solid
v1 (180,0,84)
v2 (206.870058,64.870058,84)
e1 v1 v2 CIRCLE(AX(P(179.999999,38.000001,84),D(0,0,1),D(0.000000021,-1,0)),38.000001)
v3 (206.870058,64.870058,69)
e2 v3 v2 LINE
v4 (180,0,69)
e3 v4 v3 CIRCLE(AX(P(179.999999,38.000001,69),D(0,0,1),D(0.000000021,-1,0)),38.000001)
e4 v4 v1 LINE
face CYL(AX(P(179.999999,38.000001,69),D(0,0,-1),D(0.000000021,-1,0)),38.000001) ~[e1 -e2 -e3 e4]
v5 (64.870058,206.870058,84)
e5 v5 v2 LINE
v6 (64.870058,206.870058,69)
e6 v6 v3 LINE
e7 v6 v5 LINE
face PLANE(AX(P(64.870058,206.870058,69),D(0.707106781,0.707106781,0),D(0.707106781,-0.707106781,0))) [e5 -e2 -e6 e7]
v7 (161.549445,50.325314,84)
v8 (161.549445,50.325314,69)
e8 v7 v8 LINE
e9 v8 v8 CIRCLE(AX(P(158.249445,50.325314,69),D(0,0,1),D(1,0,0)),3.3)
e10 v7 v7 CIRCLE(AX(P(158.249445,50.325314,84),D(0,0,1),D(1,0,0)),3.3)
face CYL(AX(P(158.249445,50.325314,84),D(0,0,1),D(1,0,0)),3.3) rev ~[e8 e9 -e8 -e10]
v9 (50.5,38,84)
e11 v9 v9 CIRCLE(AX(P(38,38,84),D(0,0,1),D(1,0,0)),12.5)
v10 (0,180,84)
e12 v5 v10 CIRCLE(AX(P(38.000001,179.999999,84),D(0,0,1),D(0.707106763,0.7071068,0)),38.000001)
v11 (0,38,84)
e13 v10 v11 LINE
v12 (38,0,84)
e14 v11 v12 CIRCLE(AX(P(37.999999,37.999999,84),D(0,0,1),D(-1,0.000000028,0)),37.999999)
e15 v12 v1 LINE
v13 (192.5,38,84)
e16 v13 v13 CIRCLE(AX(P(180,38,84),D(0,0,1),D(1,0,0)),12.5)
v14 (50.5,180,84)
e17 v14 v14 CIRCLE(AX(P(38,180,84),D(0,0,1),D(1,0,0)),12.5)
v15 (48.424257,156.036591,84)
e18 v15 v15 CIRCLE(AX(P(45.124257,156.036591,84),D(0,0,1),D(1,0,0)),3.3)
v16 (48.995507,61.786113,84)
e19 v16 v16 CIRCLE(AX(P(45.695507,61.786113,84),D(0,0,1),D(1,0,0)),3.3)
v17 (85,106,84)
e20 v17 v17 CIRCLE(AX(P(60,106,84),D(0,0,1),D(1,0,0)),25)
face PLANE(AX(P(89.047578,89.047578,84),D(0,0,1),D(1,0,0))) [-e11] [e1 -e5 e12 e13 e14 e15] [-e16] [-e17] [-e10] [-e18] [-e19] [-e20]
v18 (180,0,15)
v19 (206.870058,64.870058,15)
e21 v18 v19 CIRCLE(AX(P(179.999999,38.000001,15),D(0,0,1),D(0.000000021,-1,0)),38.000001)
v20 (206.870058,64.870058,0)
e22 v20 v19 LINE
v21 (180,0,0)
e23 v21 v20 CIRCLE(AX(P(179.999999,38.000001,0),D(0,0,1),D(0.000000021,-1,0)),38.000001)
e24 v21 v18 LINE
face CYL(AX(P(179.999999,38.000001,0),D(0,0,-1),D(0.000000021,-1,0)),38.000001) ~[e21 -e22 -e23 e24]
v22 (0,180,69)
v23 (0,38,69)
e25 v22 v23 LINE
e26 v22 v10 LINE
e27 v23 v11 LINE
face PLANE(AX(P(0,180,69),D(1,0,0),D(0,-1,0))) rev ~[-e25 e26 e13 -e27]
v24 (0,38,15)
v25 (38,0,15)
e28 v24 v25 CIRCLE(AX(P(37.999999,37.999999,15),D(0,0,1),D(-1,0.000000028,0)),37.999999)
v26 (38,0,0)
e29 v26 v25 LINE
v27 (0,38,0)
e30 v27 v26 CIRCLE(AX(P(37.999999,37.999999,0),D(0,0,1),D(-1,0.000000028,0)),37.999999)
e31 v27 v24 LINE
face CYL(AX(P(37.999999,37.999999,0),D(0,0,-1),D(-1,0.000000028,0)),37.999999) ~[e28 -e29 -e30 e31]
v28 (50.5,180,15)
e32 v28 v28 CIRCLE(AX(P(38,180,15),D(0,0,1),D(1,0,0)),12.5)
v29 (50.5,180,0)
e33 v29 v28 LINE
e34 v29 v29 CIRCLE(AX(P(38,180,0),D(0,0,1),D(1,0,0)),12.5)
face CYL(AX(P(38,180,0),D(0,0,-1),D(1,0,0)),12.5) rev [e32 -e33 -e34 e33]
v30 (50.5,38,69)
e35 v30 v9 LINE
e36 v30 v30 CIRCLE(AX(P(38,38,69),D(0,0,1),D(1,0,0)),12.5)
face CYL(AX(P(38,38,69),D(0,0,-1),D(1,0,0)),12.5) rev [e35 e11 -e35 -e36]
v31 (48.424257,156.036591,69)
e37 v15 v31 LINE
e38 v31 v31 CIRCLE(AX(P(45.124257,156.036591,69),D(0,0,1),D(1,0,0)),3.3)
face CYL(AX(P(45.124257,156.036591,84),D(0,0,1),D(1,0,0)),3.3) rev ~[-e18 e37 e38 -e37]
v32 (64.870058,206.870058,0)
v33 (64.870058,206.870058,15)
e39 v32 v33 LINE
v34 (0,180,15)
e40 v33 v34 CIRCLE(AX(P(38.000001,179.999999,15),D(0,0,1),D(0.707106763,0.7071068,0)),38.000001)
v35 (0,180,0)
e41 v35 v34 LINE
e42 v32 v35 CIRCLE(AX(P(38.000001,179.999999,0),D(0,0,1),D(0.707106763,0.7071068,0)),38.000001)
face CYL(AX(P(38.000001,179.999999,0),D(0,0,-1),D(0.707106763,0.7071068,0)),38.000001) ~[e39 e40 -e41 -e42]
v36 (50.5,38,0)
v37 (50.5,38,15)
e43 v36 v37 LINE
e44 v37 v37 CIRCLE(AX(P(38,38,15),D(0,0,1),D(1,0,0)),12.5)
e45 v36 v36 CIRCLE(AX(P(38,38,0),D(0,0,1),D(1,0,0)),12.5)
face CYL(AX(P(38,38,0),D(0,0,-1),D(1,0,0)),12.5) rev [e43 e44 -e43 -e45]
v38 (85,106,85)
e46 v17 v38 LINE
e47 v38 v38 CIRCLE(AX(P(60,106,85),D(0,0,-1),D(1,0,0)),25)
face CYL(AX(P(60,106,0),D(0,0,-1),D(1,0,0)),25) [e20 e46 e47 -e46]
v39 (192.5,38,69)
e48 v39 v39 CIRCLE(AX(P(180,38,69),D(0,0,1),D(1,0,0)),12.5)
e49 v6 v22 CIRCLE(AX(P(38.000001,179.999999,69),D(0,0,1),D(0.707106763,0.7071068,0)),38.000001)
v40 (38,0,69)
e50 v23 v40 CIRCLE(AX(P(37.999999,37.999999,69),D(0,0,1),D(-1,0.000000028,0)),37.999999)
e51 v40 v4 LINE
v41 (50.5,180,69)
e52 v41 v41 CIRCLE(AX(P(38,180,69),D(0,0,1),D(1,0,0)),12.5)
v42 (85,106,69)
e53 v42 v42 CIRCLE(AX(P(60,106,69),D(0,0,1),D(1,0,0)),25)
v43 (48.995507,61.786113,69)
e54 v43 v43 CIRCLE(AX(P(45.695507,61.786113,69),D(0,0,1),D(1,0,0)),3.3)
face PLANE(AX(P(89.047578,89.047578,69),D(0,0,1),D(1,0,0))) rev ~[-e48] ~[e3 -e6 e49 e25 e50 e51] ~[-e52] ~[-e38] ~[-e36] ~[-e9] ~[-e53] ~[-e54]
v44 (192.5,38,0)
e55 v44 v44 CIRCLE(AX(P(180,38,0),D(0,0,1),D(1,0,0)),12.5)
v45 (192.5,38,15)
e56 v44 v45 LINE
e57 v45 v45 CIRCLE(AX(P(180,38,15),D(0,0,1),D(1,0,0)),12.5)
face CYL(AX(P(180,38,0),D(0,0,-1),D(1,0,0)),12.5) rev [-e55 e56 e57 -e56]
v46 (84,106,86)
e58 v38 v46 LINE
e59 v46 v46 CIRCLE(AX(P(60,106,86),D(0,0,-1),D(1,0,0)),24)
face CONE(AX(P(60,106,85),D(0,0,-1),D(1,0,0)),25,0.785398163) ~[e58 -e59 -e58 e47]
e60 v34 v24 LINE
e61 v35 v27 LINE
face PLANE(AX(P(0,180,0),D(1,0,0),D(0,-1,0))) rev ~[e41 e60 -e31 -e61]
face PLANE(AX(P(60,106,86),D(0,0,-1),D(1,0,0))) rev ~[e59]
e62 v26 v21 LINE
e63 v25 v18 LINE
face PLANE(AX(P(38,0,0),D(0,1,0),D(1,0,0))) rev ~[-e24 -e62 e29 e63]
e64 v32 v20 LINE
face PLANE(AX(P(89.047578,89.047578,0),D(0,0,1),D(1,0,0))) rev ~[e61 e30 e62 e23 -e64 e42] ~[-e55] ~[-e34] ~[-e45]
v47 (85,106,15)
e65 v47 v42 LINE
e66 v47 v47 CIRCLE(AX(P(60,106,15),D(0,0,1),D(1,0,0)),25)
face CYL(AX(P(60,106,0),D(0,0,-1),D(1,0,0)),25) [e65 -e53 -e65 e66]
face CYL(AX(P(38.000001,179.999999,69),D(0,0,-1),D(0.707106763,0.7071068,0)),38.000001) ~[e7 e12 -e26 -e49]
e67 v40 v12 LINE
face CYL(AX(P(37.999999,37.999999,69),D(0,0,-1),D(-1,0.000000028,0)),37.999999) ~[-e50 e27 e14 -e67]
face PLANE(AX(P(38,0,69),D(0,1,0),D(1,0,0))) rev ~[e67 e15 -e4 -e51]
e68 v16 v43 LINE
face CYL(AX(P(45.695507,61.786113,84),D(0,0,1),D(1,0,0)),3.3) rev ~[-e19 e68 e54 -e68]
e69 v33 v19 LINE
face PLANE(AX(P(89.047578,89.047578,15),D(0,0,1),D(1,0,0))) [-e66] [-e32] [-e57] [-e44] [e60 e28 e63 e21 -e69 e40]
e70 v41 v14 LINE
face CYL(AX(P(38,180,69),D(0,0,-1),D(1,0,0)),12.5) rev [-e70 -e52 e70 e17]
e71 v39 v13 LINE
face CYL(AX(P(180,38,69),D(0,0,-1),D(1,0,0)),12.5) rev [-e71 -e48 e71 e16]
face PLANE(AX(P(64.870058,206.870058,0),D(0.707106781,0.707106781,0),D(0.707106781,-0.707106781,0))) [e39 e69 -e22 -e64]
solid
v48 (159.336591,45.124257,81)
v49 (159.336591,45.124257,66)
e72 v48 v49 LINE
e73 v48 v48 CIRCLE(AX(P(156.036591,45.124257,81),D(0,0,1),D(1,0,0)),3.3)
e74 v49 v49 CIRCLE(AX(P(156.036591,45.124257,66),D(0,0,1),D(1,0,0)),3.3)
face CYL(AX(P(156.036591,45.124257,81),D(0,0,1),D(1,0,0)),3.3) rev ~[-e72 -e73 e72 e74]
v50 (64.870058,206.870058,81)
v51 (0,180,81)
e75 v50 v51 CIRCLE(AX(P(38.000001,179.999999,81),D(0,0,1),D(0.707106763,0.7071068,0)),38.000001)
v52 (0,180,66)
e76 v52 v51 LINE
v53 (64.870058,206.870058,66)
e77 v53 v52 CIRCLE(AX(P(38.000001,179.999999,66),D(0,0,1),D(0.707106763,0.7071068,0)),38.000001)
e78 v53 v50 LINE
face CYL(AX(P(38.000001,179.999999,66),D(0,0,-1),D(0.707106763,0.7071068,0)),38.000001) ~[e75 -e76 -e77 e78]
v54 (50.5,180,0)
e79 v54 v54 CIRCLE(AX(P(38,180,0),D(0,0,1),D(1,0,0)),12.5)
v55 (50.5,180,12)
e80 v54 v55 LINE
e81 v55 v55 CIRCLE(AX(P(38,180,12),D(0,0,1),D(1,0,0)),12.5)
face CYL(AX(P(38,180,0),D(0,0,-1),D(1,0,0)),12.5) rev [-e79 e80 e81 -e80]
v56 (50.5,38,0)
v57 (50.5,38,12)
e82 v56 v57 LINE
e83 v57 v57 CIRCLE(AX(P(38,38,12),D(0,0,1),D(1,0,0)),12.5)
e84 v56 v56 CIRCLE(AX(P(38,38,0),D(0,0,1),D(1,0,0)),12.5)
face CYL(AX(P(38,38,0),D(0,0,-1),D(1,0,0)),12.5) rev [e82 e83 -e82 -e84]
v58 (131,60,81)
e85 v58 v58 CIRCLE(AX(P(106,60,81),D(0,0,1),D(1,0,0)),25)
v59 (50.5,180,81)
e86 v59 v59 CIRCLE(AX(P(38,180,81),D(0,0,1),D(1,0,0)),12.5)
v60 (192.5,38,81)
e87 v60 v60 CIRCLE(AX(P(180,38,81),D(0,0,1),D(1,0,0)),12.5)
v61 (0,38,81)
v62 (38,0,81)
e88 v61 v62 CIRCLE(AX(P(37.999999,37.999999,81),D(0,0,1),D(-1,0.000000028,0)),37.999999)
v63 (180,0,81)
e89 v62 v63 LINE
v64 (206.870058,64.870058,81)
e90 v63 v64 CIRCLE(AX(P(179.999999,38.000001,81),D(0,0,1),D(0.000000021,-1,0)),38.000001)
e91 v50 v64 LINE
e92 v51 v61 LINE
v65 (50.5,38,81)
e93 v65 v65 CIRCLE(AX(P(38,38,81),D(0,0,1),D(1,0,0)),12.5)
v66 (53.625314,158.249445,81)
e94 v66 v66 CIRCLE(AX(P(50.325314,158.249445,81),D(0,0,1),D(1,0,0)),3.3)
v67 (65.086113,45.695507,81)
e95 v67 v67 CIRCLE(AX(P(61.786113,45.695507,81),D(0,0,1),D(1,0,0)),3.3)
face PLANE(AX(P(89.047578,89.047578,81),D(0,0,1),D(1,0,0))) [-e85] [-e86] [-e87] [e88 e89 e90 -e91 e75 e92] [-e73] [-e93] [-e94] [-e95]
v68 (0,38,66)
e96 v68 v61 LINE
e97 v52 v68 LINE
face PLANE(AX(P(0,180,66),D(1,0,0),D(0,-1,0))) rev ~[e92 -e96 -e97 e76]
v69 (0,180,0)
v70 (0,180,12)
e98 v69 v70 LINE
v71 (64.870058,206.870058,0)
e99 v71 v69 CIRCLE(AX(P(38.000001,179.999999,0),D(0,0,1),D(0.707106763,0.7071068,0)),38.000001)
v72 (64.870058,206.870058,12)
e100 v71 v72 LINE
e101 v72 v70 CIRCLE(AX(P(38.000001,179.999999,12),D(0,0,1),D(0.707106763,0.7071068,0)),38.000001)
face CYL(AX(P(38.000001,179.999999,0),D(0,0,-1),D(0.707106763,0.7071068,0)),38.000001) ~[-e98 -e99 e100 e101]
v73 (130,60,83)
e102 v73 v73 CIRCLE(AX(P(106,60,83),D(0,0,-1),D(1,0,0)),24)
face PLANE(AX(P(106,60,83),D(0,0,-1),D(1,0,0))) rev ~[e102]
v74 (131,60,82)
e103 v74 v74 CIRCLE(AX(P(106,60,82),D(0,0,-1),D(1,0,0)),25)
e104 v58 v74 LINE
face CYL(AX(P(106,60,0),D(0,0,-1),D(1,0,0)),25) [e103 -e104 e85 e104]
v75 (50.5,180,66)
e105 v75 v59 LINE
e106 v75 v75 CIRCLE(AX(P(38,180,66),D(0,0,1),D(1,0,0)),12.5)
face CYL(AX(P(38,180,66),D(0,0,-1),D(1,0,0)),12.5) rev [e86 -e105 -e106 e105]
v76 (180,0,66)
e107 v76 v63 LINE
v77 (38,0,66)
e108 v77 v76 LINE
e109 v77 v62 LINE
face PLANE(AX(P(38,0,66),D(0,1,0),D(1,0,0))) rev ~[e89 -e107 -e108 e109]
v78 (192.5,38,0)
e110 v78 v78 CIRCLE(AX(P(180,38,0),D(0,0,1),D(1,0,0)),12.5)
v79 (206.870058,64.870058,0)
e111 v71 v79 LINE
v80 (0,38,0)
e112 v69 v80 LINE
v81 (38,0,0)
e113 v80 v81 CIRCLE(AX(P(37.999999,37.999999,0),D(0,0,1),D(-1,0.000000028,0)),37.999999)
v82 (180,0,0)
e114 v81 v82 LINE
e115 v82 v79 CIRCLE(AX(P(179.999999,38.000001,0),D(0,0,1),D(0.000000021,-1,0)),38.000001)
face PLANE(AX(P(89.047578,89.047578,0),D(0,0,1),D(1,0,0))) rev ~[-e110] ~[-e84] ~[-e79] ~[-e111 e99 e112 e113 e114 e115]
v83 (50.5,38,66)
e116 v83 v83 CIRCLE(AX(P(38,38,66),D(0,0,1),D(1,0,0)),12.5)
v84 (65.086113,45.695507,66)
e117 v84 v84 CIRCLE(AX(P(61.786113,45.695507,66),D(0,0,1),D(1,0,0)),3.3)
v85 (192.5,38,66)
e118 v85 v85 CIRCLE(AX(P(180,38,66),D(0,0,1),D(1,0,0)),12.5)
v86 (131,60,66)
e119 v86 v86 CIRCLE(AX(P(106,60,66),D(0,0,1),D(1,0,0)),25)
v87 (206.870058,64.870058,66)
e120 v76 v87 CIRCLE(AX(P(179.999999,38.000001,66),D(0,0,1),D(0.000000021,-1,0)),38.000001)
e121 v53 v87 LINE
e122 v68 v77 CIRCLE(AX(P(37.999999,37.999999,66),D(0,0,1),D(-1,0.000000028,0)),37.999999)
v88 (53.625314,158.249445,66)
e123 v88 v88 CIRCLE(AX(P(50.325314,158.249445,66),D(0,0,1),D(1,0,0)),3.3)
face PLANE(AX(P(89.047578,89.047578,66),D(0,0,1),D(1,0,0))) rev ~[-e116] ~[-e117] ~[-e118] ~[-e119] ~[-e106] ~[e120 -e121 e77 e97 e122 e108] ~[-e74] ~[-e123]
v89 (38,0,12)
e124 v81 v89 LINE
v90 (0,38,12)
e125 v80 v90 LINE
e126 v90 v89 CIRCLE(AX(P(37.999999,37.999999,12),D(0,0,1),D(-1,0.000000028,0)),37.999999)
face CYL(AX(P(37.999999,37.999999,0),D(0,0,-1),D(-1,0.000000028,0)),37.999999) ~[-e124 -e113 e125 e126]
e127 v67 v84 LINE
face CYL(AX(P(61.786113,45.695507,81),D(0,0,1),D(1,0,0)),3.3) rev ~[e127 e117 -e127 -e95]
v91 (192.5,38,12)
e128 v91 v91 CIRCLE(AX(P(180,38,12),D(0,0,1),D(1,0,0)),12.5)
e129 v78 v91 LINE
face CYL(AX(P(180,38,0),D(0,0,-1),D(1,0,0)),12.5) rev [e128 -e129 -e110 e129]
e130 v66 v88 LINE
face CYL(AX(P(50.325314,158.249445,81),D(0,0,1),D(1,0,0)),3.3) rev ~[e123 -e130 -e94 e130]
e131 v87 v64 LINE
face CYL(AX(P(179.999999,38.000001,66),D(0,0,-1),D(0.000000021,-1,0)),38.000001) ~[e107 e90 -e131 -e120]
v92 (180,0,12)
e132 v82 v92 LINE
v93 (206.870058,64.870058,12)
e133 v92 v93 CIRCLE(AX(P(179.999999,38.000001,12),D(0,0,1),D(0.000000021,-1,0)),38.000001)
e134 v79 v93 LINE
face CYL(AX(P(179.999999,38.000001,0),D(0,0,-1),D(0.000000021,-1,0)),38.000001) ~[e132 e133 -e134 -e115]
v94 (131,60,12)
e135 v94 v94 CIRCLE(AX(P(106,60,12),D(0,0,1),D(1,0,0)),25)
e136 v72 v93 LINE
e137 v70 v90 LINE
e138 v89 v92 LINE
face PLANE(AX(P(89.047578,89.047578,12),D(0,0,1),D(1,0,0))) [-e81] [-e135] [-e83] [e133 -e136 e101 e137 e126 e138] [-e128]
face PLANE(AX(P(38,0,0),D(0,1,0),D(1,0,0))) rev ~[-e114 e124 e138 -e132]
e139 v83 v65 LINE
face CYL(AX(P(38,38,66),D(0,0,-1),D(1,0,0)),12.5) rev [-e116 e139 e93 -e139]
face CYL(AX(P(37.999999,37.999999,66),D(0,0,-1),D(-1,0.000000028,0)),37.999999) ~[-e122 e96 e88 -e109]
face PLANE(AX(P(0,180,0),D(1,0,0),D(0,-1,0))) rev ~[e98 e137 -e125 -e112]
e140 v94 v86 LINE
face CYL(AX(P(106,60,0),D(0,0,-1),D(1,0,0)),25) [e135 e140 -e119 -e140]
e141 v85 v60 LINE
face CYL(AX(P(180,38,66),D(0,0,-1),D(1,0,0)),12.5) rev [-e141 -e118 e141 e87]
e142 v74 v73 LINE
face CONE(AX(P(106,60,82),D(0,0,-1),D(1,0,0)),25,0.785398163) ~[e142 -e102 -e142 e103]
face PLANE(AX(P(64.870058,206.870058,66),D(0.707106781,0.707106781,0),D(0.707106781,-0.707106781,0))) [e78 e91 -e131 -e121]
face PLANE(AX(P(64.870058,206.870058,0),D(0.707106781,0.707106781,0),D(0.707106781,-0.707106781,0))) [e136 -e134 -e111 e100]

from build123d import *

# Parameters (mm, degrees)
SKETCH006_R     = 12.5
SKETCH006_R_2   = 25
PAD001_DEPTH    = 12
SKETCH_R        = 25
PAD_DEPTH       = 83
SKETCH007_R     = 12.5
SKETCH007_R_2   = 25
PAD002_DEPTH    = 15
SKETCH008_R     = 3.3
HOLE_DEPTH      = 15
HOLE_TIPS_R     = 3.3
CHAMFER_SIZE    = 1
SKETCH010_R     = 12.5
SKETCH010_R_2   = 25
PAD004_DEPTH    = 15
SKETCH009_R     = 25
PAD003_DEPTH    = 86
SKETCH011_R     = 12.5
SKETCH011_R_2   = 25
PAD005_DEPTH    = 15
SKETCH012_R     = 3.3
HOLE001_DEPTH   = 15
HOLE001_TIPS_R  = 3.3
CHAMFER001_SIZE = 1


with BuildPart() as triangle_droit:
    # Sketch006 → Pad001 (new body)
    with BuildSketch(Plane.XY):
        with BuildLine():
            ThreePointArc((0, 38), (11.129942, 11.129942), (38, 0))
            Line((38, 0), (180, 0))
            ThreePointArc((180, 0), (215.107422, 23.45803), (206.870058, 64.870058))
            Line((64.870058, 206.870058), (206.870058, 64.870058))
            ThreePointArc((64.870058, 206.870058), (23.45803, 215.107422), (0, 180))
            Line((0, 180), (0, 38))
        make_face()
        with Locations((38, 180)):
            Circle(SKETCH006_R, mode=Mode.SUBTRACT)
        with Locations((180, 38)):
            Circle(SKETCH006_R, mode=Mode.SUBTRACT)
        with Locations((38, 38)):
            Circle(SKETCH006_R, mode=Mode.SUBTRACT)
        with Locations((106, 60)):
            Circle(SKETCH006_R_2, mode=Mode.SUBTRACT)
    extrude(amount=PAD001_DEPTH)

    # Sketch (on Face11 of Pad001) → Pad (join)
    with BuildSketch(Plane(origin=(0, 0, 0), x_dir=(1, 0, 0), z_dir=(0, 0, -1))):
        with Locations((106, -60)):
            Circle(SKETCH_R)
    extrude(amount=-PAD_DEPTH)

    # Sketch007 (on DatumPlane) → Pad002 (join)
    with BuildSketch(Plane.XY.offset(66)):
        with BuildLine():
            ThreePointArc((0, 38), (11.129942, 11.129942), (38, 0))
            Line((38, 0), (180, 0))
            ThreePointArc((180, 0), (215.107422, 23.45803), (206.870058, 64.870058))
            Line((64.870058, 206.870058), (206.870058, 64.870058))
            ThreePointArc((64.870058, 206.870058), (23.45803, 215.107422), (0, 180))
            Line((0, 180), (0, 38))
        make_face()
        with Locations((38, 180)):
            Circle(SKETCH007_R, mode=Mode.SUBTRACT)
        with Locations((180, 38)):
            Circle(SKETCH007_R, mode=Mode.SUBTRACT)
        with Locations((38, 38)):
            Circle(SKETCH007_R, mode=Mode.SUBTRACT)
        with Locations((106, 60)):
            Circle(SKETCH007_R_2, mode=Mode.SUBTRACT)
    extrude(amount=PAD002_DEPTH)

    # Sketch008 (on Face24 of Pad002) → Hole (cut)
    with BuildSketch(Plane.XY.offset(81)):
        with Locations((50.325314, 158.249445)):
            Circle(SKETCH008_R)
        with Locations((156.036591, 45.124257)):
            Circle(SKETCH008_R)
        with Locations((61.786113, 45.695507)):
            Circle(SKETCH008_R)
    extrude(amount=-HOLE_DEPTH, mode=Mode.SUBTRACT)

    # Hole tips → Hole tip 1 section 0
    with BuildSketch(Plane.XY.offset(66), mode=Mode.PRIVATE) as hole_tip_1_s0:
        with Locations((50.325314, 158.249445)):
            Circle(HOLE_TIPS_R)
    loft([hole_tip_1_s0.sketch, Vertex(50.325314, 158.249445, 64.01716)], mode=Mode.SUBTRACT)

    # Hole tips → Hole tip 2 section 0
    with BuildSketch(Plane.XY.offset(66), mode=Mode.PRIVATE) as hole_tip_2_s0:
        with Locations((156.036591, 45.124257)):
            Circle(HOLE_TIPS_R)
    loft([hole_tip_2_s0.sketch, Vertex(156.036591, 45.124257, 64.01716)], mode=Mode.SUBTRACT)

    # Hole tips → Hole tip 3 section 0
    with BuildSketch(Plane.XY.offset(66), mode=Mode.PRIVATE) as hole_tip_3_s0:
        with Locations((61.786113, 45.695507)):
            Circle(HOLE_TIPS_R)
    loft([hole_tip_3_s0.sketch, Vertex(61.786113, 45.695507, 64.01716)], mode=Mode.SUBTRACT)

    # Chamfer
    chamfer_edges = [triangle_droit.edges().sort_by_distance(p)[0] for p in [
        (81, 60, 83),
    ]]
    chamfer(chamfer_edges, length=CHAMFER_SIZE)


with BuildPart() as trianglegauche:
    # Sketch010 → Pad004 (new body)
    with BuildSketch(Plane.XY):
        with BuildLine():
            ThreePointArc((0, 38), (11.129942, 11.129942), (38, 0))
            Line((38, 0), (180, 0))
            ThreePointArc((180, 0), (215.107422, 23.45803), (206.870058, 64.870058))
            Line((64.870058, 206.870058), (206.870058, 64.870058))
            ThreePointArc((64.870058, 206.870058), (23.45803, 215.107422), (0, 180))
            Line((0, 180), (0, 38))
        make_face()
        with Locations((38, 180)):
            Circle(SKETCH010_R, mode=Mode.SUBTRACT)
        with Locations((180, 38)):
            Circle(SKETCH010_R, mode=Mode.SUBTRACT)
        with Locations((38, 38)):
            Circle(SKETCH010_R, mode=Mode.SUBTRACT)
        with Locations((60, 106)):
            Circle(SKETCH010_R_2, mode=Mode.SUBTRACT)
    extrude(amount=PAD004_DEPTH)

    # Sketch009 (on Face11 of Pad004) → Pad003 (join)
    with BuildSketch(Plane(origin=(0, 0, 0), x_dir=(1, 0, 0), z_dir=(0, 0, -1))):
        with Locations((60, -106)):
            Circle(SKETCH009_R)
    extrude(amount=-PAD003_DEPTH)

    # Sketch011 (on DatumPlane) → Pad005 (join)
    with BuildSketch(Plane.XY.offset(69)):
        with BuildLine():
            ThreePointArc((0, 38), (11.129942, 11.129942), (38, 0))
            Line((38, 0), (180, 0))
            ThreePointArc((180, 0), (215.107422, 23.45803), (206.870058, 64.870058))
            Line((64.870058, 206.870058), (206.870058, 64.870058))
            ThreePointArc((64.870058, 206.870058), (23.45803, 215.107422), (0, 180))
            Line((0, 180), (0, 38))
        make_face()
        with Locations((38, 180)):
            Circle(SKETCH011_R, mode=Mode.SUBTRACT)
        with Locations((180, 38)):
            Circle(SKETCH011_R, mode=Mode.SUBTRACT)
        with Locations((38, 38)):
            Circle(SKETCH011_R, mode=Mode.SUBTRACT)
        with Locations((60, 106)):
            Circle(SKETCH011_R_2, mode=Mode.SUBTRACT)
    extrude(amount=PAD005_DEPTH)

    # Sketch012 (on Face24 of Pad005) → Hole001 (cut)
    with BuildSketch(Plane.XY.offset(84)):
        with Locations((45.124257, 156.036591)):
            Circle(SKETCH012_R)
        with Locations((158.249445, 50.325314)):
            Circle(SKETCH012_R)
        with Locations((45.695507, 61.786113)):
            Circle(SKETCH012_R)
    extrude(amount=-HOLE001_DEPTH, mode=Mode.SUBTRACT)

    # Hole001 tips → Hole001 tip 1 section 0
    with BuildSketch(Plane.XY.offset(69), mode=Mode.PRIVATE) as hole001_tip_1_s0:
        with Locations((45.124257, 156.036591)):
            Circle(HOLE001_TIPS_R)
    loft([hole001_tip_1_s0.sketch, Vertex(45.124257, 156.036591, 67.01716)], mode=Mode.SUBTRACT)

    # Hole001 tips → Hole001 tip 2 section 0
    with BuildSketch(Plane.XY.offset(69), mode=Mode.PRIVATE) as hole001_tip_2_s0:
        with Locations((158.249445, 50.325314)):
            Circle(HOLE001_TIPS_R)
    loft([hole001_tip_2_s0.sketch, Vertex(158.249445, 50.325314, 67.01716)], mode=Mode.SUBTRACT)

    # Hole001 tips → Hole001 tip 3 section 0
    with BuildSketch(Plane.XY.offset(69), mode=Mode.PRIVATE) as hole001_tip_3_s0:
        with Locations((45.695507, 61.786113)):
            Circle(HOLE001_TIPS_R)
    loft([hole001_tip_3_s0.sketch, Vertex(45.695507, 61.786113, 67.01716)], mode=Mode.SUBTRACT)

    # Chamfer001
    chamfer001_edges = [trianglegauche.edges().sort_by_distance(p)[0] for p in [
        (35, 106, 86),
    ]]
    chamfer(chamfer001_edges, length=CHAMFER001_SIZE)


solid = Compound([triangle_droit.part, trianglegauche.part])
